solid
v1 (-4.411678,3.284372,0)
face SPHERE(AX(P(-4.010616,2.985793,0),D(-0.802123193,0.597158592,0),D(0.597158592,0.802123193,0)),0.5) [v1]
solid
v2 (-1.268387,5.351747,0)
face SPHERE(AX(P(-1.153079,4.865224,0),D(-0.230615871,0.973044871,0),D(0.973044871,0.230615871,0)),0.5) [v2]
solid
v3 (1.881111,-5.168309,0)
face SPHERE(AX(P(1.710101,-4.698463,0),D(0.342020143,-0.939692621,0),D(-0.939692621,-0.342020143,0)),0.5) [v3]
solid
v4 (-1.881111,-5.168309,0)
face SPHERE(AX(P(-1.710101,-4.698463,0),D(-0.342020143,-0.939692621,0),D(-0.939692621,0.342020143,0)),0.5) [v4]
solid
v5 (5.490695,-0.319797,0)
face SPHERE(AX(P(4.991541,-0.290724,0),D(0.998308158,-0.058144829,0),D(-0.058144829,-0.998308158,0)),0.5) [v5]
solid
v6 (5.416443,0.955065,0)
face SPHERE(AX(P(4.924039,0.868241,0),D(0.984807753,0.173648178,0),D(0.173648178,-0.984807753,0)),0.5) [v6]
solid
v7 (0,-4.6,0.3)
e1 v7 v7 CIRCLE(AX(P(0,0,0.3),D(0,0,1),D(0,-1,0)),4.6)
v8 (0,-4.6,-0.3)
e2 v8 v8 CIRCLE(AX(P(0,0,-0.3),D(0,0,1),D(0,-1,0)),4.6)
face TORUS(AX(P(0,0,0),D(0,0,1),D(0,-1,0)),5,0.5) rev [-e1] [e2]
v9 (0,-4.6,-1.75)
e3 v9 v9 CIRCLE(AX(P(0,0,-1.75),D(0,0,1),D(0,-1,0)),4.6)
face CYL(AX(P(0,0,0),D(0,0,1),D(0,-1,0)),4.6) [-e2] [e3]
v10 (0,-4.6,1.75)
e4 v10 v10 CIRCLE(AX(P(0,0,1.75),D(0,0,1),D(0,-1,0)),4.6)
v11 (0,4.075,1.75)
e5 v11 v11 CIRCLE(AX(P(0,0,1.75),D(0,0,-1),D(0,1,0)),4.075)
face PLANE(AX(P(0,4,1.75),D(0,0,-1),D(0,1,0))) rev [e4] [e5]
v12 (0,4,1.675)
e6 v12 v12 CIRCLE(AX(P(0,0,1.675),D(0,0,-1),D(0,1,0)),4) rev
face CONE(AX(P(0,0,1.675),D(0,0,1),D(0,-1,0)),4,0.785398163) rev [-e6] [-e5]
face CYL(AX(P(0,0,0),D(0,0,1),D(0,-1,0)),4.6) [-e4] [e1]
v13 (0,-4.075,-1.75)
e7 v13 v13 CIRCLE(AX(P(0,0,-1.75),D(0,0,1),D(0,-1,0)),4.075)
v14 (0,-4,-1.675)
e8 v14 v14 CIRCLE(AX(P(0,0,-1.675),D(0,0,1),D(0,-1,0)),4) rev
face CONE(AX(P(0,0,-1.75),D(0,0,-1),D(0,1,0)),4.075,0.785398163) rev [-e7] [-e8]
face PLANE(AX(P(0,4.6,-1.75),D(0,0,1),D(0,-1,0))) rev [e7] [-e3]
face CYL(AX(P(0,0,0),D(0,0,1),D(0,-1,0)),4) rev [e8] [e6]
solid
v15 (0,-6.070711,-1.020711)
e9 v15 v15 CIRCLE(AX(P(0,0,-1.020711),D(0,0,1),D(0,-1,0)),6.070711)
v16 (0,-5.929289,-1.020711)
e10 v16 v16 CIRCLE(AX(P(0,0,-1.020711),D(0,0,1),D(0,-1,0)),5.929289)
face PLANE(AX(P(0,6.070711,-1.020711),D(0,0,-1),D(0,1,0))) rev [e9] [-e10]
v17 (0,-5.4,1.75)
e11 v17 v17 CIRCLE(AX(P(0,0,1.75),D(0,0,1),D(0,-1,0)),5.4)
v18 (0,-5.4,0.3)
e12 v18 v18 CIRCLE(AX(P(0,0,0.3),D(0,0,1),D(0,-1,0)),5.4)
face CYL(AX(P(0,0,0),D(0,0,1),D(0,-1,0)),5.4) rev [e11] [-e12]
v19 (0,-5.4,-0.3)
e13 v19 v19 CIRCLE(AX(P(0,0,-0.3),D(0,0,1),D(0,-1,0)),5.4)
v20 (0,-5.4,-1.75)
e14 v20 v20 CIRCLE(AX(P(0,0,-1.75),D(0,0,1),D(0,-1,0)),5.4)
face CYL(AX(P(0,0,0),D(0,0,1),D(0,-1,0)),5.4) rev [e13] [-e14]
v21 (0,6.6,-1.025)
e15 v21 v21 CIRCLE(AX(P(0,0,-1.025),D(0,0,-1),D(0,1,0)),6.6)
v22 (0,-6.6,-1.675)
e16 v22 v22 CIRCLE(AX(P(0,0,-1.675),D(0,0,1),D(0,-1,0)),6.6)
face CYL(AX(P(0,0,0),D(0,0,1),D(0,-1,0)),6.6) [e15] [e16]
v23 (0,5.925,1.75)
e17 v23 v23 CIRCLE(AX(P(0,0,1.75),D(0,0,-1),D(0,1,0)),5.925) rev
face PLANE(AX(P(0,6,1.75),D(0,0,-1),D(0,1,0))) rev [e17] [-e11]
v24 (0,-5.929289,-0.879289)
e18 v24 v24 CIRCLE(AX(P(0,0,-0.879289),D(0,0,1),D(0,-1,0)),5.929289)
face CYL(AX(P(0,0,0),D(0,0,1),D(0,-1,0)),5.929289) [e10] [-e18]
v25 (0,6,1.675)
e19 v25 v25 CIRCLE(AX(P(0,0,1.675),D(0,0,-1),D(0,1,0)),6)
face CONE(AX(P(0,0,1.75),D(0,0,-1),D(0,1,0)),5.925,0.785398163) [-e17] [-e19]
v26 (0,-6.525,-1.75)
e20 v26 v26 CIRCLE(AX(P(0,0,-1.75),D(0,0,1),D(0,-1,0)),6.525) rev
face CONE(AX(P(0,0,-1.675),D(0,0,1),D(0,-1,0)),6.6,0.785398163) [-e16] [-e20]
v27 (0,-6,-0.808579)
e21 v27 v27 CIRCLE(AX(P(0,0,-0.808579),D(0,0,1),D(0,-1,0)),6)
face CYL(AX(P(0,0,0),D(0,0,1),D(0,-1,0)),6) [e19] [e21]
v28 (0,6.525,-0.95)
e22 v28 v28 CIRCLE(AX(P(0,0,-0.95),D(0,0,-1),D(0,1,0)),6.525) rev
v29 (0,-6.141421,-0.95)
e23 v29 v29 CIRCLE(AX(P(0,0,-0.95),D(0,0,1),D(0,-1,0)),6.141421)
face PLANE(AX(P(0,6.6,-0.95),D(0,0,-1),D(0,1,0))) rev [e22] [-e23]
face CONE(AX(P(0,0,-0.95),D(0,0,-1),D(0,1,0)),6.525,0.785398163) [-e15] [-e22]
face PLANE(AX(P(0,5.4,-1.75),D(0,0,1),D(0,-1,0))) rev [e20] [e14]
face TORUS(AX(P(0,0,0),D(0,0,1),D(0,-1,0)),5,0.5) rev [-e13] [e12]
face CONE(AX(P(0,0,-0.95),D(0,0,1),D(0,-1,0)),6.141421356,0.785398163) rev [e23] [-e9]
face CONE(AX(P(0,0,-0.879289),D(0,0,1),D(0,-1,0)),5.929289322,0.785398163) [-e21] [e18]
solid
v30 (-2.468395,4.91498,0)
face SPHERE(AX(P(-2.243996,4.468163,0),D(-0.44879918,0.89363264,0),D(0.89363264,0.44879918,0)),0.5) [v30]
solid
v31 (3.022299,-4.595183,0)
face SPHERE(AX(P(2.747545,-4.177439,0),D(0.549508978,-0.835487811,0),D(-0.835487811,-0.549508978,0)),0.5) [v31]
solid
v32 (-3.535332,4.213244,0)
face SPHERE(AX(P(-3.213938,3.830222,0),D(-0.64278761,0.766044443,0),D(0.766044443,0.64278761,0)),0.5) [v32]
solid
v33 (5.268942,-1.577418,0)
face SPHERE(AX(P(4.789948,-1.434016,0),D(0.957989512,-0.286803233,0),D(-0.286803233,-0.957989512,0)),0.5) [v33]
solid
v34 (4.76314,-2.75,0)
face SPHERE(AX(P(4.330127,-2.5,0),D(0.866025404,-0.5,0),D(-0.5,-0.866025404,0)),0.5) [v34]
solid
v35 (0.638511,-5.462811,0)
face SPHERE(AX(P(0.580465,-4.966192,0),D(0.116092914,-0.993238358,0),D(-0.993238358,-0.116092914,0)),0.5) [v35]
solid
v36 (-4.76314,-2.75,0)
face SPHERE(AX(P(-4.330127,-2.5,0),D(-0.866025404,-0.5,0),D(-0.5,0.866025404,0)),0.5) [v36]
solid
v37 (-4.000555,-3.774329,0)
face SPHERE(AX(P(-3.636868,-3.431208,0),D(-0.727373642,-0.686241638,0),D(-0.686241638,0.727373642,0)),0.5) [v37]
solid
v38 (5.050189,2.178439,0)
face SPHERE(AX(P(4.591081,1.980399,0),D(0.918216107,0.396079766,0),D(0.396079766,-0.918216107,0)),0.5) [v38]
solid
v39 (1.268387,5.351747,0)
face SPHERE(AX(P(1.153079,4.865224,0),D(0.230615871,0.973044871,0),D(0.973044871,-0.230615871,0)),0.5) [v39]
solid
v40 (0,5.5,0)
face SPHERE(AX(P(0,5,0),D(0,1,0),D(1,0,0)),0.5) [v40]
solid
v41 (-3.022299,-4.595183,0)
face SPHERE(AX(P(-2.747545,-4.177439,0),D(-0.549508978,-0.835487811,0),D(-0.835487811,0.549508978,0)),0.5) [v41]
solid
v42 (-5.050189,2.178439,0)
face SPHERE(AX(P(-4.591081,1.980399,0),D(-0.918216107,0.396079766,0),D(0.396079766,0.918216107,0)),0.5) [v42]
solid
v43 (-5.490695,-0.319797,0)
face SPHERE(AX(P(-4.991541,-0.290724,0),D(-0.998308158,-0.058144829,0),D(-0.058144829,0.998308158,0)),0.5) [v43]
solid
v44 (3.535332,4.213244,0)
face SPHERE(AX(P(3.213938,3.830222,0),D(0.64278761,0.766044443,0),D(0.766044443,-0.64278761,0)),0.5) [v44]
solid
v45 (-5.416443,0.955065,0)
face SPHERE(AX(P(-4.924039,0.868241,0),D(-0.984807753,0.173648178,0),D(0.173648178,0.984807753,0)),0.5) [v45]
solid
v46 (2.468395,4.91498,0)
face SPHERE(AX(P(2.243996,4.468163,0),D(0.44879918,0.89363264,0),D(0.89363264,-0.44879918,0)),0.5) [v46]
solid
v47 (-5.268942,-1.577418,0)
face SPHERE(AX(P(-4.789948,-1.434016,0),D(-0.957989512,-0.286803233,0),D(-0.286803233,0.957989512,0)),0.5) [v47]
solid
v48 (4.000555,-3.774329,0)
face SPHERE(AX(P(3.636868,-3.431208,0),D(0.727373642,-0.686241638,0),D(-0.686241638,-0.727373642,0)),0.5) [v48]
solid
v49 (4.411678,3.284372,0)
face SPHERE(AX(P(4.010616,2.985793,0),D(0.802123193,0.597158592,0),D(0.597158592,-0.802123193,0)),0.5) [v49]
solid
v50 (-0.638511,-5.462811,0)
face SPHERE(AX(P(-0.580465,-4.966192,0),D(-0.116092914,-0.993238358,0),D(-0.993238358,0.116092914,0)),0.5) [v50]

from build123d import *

# Parameters (mm, degrees)
FILLET1_SIZE      = 0.075
FILLET2_SIZE      = 0.075
CIRPATTERN3_COUNT = 27


with BuildPart() as part:
    # Sketch2 → Revolve1 (revolve)
    with BuildSketch(Plane(origin=(0, 0, 0), x_dir=(0, 0, -1), z_dir=(1, 0, 0)), mode=Mode.PRIVATE) as revolve1_sk:
        with BuildLine():
            Line((1.75, 6.6), (0.95, 6.6))
            Line((0.95, 6.6), (0.95, 6.141421356))
            Line((0.95, 6.141421356), (1.020710678, 6.070710678))
            Line((1.020710678, 6.070710678), (1.020710678, 5.929289322))
            Line((1.020710678, 5.929289322), (0.879289322, 5.929289322))
            Line((0.879289322, 5.929289322), (0.808578644, 6))
            Line((0.808578644, 6), (-1.75, 6))
            Line((-1.75, 6), (-1.75, 5.4))
            Line((-1.75, 5.4), (-0.3, 5.4))
            ThreePointArc((-0.3, 5.4), (0, 5.5), (0.3, 5.4))
            Line((0.3, 5.4), (1.75, 5.4))
            Line((1.75, 5.4), (1.75, 6.6))
        make_face()
        with BuildLine():
            Line((1.75, 4), (-1.75, 4))
            Line((-1.75, 4), (-1.75, 4.6))
            Line((-1.75, 4.6), (-0.3, 4.6))
            ThreePointArc((-0.3, 4.6), (0, 4.5), (0.3, 4.6))
            Line((0.3, 4.6), (1.75, 4.6))
            Line((1.75, 4.6), (1.75, 4))
        make_face()
    revolve(revolve1_sk.sketch.rotate(Axis((0, 0, 0), (0, 0, -1)), 180), axis=Axis((0, 0, 0), (0, 0, -1)))

    # Fillet1
    fillet1_edges = [part.edges().sort_by_distance(p)[0] for p in [
        (0, 6, 1.75),
        (0, 6.6, -1.75),
        (0, 6.6, -0.95),
    ]]
    chamfer(fillet1_edges, length=FILLET1_SIZE)

    # Fillet2
    fillet2_edges = [part.edges().sort_by_distance(p)[0] for p in [
        (0, 4, -1.75),
        (0, 4, 1.75),
    ]]
    chamfer(fillet2_edges, length=FILLET2_SIZE)


with BuildPart() as body_2:
    # Sketch7 → Revolve3 (revolve)
    with BuildSketch(Plane.XY):
        with BuildLine():
            Line((0, 5.5), (0, 4.5))
            ThreePointArc((0, 4.5), (-0.5, 5), (0, 5.5))
        make_face()
    revolve(axis=Axis((0, 5.5, 0), (0, -1, 0)))


with BuildPart() as cirpattern3_1:
    # CirPattern3: pattern copy
    add(body_2.part.rotate(Axis((0, 0, 0), (0, 0, 1)), 1 * 360 / CIRPATTERN3_COUNT))


with BuildPart() as cirpattern3_2:
    # CirPattern3: pattern copy
    add(body_2.part.rotate(Axis((0, 0, 0), (0, 0, 1)), 2 * 360 / CIRPATTERN3_COUNT))


with BuildPart() as cirpattern3_3:
    # CirPattern3: pattern copy
    add(body_2.part.rotate(Axis((0, 0, 0), (0, 0, 1)), 3 * 360 / CIRPATTERN3_COUNT))


with BuildPart() as cirpattern3_4:
    # CirPattern3: pattern copy
    add(body_2.part.rotate(Axis((0, 0, 0), (0, 0, 1)), 4 * 360 / CIRPATTERN3_COUNT))


with BuildPart() as cirpattern3_5:
    # CirPattern3: pattern copy
    add(body_2.part.rotate(Axis((0, 0, 0), (0, 0, 1)), 5 * 360 / CIRPATTERN3_COUNT))


with BuildPart() as cirpattern3_6:
    # CirPattern3: pattern copy
    add(body_2.part.rotate(Axis((0, 0, 0), (0, 0, 1)), 6 * 360 / CIRPATTERN3_COUNT))


with BuildPart() as cirpattern3_7:
    # CirPattern3: pattern copy
    add(body_2.part.rotate(Axis((0, 0, 0), (0, 0, 1)), 7 * 360 / CIRPATTERN3_COUNT))


with BuildPart() as cirpattern3_8:
    # CirPattern3: pattern copy
    add(body_2.part.rotate(Axis((0, 0, 0), (0, 0, 1)), 8 * 360 / CIRPATTERN3_COUNT))


with BuildPart() as cirpattern3_9:
    # CirPattern3: pattern copy
    add(body_2.part.rotate(Axis((0, 0, 0), (0, 0, 1)), 9 * 360 / CIRPATTERN3_COUNT))


with BuildPart() as cirpattern3_10:
    # CirPattern3: pattern copy
    add(body_2.part.rotate(Axis((0, 0, 0), (0, 0, 1)), 10 * 360 / CIRPATTERN3_COUNT))


with BuildPart() as cirpattern3_11:
    # CirPattern3: pattern copy
    add(body_2.part.rotate(Axis((0, 0, 0), (0, 0, 1)), 11 * 360 / CIRPATTERN3_COUNT))


with BuildPart() as cirpattern3_12:
    # CirPattern3: pattern copy
    add(body_2.part.rotate(Axis((0, 0, 0), (0, 0, 1)), 12 * 360 / CIRPATTERN3_COUNT))


with BuildPart() as cirpattern3_13:
    # CirPattern3: pattern copy
    add(body_2.part.rotate(Axis((0, 0, 0), (0, 0, 1)), 13 * 360 / CIRPATTERN3_COUNT))


with BuildPart() as cirpattern3_14:
    # CirPattern3: pattern copy
    add(body_2.part.rotate(Axis((0, 0, 0), (0, 0, 1)), 14 * 360 / CIRPATTERN3_COUNT))


with BuildPart() as cirpattern3_15:
    # CirPattern3: pattern copy
    add(body_2.part.rotate(Axis((0, 0, 0), (0, 0, 1)), 15 * 360 / CIRPATTERN3_COUNT))


with BuildPart() as cirpattern3_16:
    # CirPattern3: pattern copy
    add(body_2.part.rotate(Axis((0, 0, 0), (0, 0, 1)), 16 * 360 / CIRPATTERN3_COUNT))


with BuildPart() as cirpattern3_17:
    # CirPattern3: pattern copy
    add(body_2.part.rotate(Axis((0, 0, 0), (0, 0, 1)), 17 * 360 / CIRPATTERN3_COUNT))


with BuildPart() as cirpattern3_18:
    # CirPattern3: pattern copy
    add(body_2.part.rotate(Axis((0, 0, 0), (0, 0, 1)), 18 * 360 / CIRPATTERN3_COUNT))


with BuildPart() as cirpattern3_19:
    # CirPattern3: pattern copy
    add(body_2.part.rotate(Axis((0, 0, 0), (0, 0, 1)), 19 * 360 / CIRPATTERN3_COUNT))


with BuildPart() as cirpattern3_20:
    # CirPattern3: pattern copy
    add(body_2.part.rotate(Axis((0, 0, 0), (0, 0, 1)), 20 * 360 / CIRPATTERN3_COUNT))


with BuildPart() as cirpattern3_21:
    # CirPattern3: pattern copy
    add(body_2.part.rotate(Axis((0, 0, 0), (0, 0, 1)), 21 * 360 / CIRPATTERN3_COUNT))


with BuildPart() as cirpattern3_22:
    # CirPattern3: pattern copy
    add(body_2.part.rotate(Axis((0, 0, 0), (0, 0, 1)), 22 * 360 / CIRPATTERN3_COUNT))


with BuildPart() as cirpattern3_23:
    # CirPattern3: pattern copy
    add(body_2.part.rotate(Axis((0, 0, 0), (0, 0, 1)), 23 * 360 / CIRPATTERN3_COUNT))


with BuildPart() as cirpattern3_24:
    # CirPattern3: pattern copy
    add(body_2.part.rotate(Axis((0, 0, 0), (0, 0, 1)), 24 * 360 / CIRPATTERN3_COUNT))


with BuildPart() as cirpattern3_25:
    # CirPattern3: pattern copy
    add(body_2.part.rotate(Axis((0, 0, 0), (0, 0, 1)), 25 * 360 / CIRPATTERN3_COUNT))


with BuildPart() as cirpattern3_26:
    # CirPattern3: pattern copy
    add(body_2.part.rotate(Axis((0, 0, 0), (0, 0, 1)), 26 * 360 / CIRPATTERN3_COUNT))


solid = Compound([part.part, body_2.part, cirpattern3_1.part, cirpattern3_2.part, cirpattern3_3.part, cirpattern3_4.part, cirpattern3_5.part, cirpattern3_6.part, cirpattern3_7.part, cirpattern3_8.part, cirpattern3_9.part, cirpattern3_10.part, cirpattern3_11.part, cirpattern3_12.part, cirpattern3_13.part, cirpattern3_14.part, cirpattern3_15.part, cirpattern3_16.part, cirpattern3_17.part, cirpattern3_18.part, cirpattern3_19.part, cirpattern3_20.part, cirpattern3_21.part, cirpattern3_22.part, cirpattern3_23.part, cirpattern3_24.part, cirpattern3_25.part, cirpattern3_26.part])
